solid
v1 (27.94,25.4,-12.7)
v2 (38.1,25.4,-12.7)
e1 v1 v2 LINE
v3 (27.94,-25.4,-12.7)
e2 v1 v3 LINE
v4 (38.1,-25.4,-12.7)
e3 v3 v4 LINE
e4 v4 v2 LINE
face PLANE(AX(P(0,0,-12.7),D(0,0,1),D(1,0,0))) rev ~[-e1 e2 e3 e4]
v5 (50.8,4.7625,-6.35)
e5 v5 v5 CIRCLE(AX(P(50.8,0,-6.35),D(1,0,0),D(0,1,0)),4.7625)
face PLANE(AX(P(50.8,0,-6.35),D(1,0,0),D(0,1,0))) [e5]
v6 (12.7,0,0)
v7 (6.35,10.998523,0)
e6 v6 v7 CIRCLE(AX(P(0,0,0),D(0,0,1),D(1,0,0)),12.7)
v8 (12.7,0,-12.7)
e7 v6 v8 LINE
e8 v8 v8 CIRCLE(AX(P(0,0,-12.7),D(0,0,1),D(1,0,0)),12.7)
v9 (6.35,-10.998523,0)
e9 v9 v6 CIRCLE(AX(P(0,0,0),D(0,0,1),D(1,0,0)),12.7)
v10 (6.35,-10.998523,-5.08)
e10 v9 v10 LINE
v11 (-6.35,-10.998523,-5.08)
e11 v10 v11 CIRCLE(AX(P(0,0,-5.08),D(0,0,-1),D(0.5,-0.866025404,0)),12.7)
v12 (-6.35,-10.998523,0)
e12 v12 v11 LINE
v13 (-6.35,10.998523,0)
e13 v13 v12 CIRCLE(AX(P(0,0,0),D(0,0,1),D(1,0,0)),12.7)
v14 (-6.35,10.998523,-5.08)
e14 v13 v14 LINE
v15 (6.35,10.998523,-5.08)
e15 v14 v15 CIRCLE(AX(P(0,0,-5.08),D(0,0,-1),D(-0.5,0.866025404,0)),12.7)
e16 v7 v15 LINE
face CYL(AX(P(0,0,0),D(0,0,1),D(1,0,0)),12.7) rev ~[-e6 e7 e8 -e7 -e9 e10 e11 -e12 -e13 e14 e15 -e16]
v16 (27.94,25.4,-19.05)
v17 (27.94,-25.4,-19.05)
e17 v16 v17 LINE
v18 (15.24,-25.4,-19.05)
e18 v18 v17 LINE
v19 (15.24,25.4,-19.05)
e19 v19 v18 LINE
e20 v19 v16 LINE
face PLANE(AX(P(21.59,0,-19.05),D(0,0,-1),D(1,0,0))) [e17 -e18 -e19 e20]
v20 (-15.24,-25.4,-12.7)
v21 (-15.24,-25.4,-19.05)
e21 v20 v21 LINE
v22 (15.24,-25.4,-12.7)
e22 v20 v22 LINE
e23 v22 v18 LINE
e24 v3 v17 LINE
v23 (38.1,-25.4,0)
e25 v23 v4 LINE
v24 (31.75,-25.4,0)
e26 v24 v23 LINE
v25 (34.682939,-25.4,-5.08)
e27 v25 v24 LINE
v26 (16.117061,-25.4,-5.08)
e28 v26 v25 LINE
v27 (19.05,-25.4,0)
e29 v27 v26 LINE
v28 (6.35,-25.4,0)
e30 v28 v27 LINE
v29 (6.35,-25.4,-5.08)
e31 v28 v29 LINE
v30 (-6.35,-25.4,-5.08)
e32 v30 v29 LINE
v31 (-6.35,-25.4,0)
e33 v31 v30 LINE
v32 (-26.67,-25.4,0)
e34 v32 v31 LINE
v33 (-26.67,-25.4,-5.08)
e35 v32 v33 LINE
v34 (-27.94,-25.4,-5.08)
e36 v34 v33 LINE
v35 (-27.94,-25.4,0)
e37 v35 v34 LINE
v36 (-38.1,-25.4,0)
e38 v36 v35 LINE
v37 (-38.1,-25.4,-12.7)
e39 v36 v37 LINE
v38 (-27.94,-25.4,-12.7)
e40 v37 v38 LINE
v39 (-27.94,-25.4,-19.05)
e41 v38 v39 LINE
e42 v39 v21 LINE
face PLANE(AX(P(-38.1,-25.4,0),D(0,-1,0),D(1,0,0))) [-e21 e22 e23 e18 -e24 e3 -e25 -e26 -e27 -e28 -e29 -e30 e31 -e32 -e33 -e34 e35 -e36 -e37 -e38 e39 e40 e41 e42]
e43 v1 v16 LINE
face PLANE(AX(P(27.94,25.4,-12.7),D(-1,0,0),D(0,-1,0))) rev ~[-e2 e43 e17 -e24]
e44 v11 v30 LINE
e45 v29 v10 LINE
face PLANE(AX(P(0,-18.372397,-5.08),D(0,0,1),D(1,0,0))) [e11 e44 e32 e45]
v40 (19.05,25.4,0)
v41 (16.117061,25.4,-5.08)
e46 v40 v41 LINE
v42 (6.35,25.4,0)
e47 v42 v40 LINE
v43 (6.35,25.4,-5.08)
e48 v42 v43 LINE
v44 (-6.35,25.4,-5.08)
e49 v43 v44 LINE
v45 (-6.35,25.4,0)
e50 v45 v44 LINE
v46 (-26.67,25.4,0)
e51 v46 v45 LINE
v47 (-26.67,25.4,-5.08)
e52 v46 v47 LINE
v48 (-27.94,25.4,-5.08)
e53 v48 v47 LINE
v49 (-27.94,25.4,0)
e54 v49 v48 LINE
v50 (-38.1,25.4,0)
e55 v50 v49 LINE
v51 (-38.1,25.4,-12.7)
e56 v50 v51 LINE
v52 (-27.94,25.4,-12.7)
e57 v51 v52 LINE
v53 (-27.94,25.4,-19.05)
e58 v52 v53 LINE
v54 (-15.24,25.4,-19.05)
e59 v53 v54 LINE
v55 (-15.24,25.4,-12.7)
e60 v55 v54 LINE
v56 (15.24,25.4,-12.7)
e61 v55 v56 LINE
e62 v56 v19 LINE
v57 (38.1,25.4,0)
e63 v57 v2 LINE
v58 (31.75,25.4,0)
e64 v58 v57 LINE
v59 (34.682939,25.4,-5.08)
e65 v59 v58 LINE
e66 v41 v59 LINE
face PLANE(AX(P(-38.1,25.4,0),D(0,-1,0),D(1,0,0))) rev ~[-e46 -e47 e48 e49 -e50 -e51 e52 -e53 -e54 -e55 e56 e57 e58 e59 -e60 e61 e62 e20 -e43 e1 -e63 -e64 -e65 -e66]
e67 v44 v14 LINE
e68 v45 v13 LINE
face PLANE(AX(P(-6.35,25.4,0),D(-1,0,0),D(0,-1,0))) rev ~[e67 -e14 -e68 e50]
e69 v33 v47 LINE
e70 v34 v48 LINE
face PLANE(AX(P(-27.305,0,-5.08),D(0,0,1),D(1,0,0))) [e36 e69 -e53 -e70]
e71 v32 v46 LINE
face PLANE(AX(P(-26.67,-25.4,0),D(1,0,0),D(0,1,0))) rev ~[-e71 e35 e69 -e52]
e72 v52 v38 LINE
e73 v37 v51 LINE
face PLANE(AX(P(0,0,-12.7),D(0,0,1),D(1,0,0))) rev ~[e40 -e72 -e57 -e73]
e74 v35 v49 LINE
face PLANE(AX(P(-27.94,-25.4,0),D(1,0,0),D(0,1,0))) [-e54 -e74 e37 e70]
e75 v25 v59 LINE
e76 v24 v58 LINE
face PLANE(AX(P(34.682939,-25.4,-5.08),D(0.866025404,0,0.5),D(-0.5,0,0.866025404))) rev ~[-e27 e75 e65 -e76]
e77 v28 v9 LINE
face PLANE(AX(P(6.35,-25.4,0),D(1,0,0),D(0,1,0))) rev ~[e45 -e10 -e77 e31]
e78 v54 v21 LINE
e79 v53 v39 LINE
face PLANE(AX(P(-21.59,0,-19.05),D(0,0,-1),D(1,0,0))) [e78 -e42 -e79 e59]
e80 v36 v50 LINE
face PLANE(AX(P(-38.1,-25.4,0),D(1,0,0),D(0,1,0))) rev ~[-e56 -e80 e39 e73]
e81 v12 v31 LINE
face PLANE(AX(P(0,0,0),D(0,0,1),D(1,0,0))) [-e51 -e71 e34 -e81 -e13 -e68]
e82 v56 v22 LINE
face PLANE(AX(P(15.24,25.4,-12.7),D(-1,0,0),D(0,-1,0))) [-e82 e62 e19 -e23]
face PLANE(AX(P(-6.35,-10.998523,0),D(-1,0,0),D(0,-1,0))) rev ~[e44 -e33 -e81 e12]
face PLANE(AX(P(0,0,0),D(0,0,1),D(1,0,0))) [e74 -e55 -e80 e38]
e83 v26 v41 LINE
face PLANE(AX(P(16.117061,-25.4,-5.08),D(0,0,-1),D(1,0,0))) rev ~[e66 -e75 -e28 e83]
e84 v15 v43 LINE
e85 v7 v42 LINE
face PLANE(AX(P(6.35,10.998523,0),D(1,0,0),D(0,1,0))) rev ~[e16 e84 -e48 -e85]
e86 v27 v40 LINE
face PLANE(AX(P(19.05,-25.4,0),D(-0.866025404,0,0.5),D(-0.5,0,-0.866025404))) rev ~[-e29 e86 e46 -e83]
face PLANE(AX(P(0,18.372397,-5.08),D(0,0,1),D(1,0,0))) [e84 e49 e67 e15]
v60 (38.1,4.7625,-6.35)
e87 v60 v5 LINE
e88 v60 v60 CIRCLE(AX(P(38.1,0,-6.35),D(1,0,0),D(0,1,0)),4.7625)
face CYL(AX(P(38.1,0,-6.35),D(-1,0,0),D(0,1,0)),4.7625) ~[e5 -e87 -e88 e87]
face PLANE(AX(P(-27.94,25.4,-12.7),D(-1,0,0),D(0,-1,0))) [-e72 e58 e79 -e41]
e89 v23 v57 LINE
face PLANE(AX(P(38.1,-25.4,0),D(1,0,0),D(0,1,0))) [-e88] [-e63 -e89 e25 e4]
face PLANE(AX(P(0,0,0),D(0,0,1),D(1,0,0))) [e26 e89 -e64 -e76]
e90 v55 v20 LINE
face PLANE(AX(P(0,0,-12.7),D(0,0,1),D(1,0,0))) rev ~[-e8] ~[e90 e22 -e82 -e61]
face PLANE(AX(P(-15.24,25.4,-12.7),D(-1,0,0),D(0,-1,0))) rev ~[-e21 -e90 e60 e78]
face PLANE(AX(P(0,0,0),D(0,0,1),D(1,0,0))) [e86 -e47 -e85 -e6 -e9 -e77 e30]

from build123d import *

# Parameters (mm, degrees)
F0_W     = 76.2
F0_H     = 50.8
F0_R     = 12.7
F1_DEPTH = 12.7
F2_W     = 1.27
F2_H     = 50.8
F3_DEPTH = 5.08
F5_DEPTH = 50.801
F6_R     = 4.7625
F7_DEPTH = 12.7
F8_W     = 12.7
F8_H     = 50.8
F9_DEPTH = 6.35


with BuildPart() as f1:
    # F0 (on Top) → F1 (new body)
    with BuildSketch(Plane.XY):
        Rectangle(F0_W, F0_H)
        Circle(F0_R, mode=Mode.SUBTRACT)
    extrude(amount=-F1_DEPTH)

    # F2 (on face) → F3 (cut)
    with BuildSketch(Plane.XY):
        with Locations((-27.305, 0)):
            Rectangle(F2_W, F2_H)
        with BuildLine():
            Line((-6.35, -10.9985226281), (-6.35, -25.4))
            Line((-6.35, -25.4), (6.35, -25.4))
            Line((6.35, -25.4), (6.35, -10.9985226281))
            ThreePointArc((6.35, -10.9985226281), (0, -12.7), (-6.35, -10.9985226281))
        make_face()
        with BuildLine():
            Line((6.35, 25.4), (-6.35, 25.4))
            Line((-6.35, 25.4), (-6.35, 10.9985226281))
            ThreePointArc((-6.35, 10.9985226281), (0, 12.7), (6.35, 10.9985226281))
            Line((6.35, 10.9985226281), (6.35, 25.4))
        make_face()
    extrude(amount=-F3_DEPTH, mode=Mode.SUBTRACT)

    # F4 (on face) → F5 (cut, through all)
    with BuildSketch(Plane.XZ.offset(25.4)):
        Polygon((31.75, 0), (19.05, 0), (16.1170606325, -5.08), (34.6829393675, -5.08), align=None)
    extrude(amount=-F5_DEPTH, mode=Mode.SUBTRACT)

    # F6 (on face) → F7 (join)
    with BuildSketch(Plane.YZ.offset(38.1)):
        with Locations((0, -6.35)):
            Circle(F6_R)
    extrude(amount=F7_DEPTH)

    # F8 (on face) → F9 (join)
    with BuildSketch(Plane(origin=(0, 0, -12.7), x_dir=(1, 0, 0), z_dir=(0, 0, -1))):
        with Locations((-21.59, 0)):
            Rectangle(F8_W, F8_H)
        with Locations((21.59, 0)):
            Rectangle(F8_W, F8_H)
    extrude(amount=F9_DEPTH)


solid = f1.part
